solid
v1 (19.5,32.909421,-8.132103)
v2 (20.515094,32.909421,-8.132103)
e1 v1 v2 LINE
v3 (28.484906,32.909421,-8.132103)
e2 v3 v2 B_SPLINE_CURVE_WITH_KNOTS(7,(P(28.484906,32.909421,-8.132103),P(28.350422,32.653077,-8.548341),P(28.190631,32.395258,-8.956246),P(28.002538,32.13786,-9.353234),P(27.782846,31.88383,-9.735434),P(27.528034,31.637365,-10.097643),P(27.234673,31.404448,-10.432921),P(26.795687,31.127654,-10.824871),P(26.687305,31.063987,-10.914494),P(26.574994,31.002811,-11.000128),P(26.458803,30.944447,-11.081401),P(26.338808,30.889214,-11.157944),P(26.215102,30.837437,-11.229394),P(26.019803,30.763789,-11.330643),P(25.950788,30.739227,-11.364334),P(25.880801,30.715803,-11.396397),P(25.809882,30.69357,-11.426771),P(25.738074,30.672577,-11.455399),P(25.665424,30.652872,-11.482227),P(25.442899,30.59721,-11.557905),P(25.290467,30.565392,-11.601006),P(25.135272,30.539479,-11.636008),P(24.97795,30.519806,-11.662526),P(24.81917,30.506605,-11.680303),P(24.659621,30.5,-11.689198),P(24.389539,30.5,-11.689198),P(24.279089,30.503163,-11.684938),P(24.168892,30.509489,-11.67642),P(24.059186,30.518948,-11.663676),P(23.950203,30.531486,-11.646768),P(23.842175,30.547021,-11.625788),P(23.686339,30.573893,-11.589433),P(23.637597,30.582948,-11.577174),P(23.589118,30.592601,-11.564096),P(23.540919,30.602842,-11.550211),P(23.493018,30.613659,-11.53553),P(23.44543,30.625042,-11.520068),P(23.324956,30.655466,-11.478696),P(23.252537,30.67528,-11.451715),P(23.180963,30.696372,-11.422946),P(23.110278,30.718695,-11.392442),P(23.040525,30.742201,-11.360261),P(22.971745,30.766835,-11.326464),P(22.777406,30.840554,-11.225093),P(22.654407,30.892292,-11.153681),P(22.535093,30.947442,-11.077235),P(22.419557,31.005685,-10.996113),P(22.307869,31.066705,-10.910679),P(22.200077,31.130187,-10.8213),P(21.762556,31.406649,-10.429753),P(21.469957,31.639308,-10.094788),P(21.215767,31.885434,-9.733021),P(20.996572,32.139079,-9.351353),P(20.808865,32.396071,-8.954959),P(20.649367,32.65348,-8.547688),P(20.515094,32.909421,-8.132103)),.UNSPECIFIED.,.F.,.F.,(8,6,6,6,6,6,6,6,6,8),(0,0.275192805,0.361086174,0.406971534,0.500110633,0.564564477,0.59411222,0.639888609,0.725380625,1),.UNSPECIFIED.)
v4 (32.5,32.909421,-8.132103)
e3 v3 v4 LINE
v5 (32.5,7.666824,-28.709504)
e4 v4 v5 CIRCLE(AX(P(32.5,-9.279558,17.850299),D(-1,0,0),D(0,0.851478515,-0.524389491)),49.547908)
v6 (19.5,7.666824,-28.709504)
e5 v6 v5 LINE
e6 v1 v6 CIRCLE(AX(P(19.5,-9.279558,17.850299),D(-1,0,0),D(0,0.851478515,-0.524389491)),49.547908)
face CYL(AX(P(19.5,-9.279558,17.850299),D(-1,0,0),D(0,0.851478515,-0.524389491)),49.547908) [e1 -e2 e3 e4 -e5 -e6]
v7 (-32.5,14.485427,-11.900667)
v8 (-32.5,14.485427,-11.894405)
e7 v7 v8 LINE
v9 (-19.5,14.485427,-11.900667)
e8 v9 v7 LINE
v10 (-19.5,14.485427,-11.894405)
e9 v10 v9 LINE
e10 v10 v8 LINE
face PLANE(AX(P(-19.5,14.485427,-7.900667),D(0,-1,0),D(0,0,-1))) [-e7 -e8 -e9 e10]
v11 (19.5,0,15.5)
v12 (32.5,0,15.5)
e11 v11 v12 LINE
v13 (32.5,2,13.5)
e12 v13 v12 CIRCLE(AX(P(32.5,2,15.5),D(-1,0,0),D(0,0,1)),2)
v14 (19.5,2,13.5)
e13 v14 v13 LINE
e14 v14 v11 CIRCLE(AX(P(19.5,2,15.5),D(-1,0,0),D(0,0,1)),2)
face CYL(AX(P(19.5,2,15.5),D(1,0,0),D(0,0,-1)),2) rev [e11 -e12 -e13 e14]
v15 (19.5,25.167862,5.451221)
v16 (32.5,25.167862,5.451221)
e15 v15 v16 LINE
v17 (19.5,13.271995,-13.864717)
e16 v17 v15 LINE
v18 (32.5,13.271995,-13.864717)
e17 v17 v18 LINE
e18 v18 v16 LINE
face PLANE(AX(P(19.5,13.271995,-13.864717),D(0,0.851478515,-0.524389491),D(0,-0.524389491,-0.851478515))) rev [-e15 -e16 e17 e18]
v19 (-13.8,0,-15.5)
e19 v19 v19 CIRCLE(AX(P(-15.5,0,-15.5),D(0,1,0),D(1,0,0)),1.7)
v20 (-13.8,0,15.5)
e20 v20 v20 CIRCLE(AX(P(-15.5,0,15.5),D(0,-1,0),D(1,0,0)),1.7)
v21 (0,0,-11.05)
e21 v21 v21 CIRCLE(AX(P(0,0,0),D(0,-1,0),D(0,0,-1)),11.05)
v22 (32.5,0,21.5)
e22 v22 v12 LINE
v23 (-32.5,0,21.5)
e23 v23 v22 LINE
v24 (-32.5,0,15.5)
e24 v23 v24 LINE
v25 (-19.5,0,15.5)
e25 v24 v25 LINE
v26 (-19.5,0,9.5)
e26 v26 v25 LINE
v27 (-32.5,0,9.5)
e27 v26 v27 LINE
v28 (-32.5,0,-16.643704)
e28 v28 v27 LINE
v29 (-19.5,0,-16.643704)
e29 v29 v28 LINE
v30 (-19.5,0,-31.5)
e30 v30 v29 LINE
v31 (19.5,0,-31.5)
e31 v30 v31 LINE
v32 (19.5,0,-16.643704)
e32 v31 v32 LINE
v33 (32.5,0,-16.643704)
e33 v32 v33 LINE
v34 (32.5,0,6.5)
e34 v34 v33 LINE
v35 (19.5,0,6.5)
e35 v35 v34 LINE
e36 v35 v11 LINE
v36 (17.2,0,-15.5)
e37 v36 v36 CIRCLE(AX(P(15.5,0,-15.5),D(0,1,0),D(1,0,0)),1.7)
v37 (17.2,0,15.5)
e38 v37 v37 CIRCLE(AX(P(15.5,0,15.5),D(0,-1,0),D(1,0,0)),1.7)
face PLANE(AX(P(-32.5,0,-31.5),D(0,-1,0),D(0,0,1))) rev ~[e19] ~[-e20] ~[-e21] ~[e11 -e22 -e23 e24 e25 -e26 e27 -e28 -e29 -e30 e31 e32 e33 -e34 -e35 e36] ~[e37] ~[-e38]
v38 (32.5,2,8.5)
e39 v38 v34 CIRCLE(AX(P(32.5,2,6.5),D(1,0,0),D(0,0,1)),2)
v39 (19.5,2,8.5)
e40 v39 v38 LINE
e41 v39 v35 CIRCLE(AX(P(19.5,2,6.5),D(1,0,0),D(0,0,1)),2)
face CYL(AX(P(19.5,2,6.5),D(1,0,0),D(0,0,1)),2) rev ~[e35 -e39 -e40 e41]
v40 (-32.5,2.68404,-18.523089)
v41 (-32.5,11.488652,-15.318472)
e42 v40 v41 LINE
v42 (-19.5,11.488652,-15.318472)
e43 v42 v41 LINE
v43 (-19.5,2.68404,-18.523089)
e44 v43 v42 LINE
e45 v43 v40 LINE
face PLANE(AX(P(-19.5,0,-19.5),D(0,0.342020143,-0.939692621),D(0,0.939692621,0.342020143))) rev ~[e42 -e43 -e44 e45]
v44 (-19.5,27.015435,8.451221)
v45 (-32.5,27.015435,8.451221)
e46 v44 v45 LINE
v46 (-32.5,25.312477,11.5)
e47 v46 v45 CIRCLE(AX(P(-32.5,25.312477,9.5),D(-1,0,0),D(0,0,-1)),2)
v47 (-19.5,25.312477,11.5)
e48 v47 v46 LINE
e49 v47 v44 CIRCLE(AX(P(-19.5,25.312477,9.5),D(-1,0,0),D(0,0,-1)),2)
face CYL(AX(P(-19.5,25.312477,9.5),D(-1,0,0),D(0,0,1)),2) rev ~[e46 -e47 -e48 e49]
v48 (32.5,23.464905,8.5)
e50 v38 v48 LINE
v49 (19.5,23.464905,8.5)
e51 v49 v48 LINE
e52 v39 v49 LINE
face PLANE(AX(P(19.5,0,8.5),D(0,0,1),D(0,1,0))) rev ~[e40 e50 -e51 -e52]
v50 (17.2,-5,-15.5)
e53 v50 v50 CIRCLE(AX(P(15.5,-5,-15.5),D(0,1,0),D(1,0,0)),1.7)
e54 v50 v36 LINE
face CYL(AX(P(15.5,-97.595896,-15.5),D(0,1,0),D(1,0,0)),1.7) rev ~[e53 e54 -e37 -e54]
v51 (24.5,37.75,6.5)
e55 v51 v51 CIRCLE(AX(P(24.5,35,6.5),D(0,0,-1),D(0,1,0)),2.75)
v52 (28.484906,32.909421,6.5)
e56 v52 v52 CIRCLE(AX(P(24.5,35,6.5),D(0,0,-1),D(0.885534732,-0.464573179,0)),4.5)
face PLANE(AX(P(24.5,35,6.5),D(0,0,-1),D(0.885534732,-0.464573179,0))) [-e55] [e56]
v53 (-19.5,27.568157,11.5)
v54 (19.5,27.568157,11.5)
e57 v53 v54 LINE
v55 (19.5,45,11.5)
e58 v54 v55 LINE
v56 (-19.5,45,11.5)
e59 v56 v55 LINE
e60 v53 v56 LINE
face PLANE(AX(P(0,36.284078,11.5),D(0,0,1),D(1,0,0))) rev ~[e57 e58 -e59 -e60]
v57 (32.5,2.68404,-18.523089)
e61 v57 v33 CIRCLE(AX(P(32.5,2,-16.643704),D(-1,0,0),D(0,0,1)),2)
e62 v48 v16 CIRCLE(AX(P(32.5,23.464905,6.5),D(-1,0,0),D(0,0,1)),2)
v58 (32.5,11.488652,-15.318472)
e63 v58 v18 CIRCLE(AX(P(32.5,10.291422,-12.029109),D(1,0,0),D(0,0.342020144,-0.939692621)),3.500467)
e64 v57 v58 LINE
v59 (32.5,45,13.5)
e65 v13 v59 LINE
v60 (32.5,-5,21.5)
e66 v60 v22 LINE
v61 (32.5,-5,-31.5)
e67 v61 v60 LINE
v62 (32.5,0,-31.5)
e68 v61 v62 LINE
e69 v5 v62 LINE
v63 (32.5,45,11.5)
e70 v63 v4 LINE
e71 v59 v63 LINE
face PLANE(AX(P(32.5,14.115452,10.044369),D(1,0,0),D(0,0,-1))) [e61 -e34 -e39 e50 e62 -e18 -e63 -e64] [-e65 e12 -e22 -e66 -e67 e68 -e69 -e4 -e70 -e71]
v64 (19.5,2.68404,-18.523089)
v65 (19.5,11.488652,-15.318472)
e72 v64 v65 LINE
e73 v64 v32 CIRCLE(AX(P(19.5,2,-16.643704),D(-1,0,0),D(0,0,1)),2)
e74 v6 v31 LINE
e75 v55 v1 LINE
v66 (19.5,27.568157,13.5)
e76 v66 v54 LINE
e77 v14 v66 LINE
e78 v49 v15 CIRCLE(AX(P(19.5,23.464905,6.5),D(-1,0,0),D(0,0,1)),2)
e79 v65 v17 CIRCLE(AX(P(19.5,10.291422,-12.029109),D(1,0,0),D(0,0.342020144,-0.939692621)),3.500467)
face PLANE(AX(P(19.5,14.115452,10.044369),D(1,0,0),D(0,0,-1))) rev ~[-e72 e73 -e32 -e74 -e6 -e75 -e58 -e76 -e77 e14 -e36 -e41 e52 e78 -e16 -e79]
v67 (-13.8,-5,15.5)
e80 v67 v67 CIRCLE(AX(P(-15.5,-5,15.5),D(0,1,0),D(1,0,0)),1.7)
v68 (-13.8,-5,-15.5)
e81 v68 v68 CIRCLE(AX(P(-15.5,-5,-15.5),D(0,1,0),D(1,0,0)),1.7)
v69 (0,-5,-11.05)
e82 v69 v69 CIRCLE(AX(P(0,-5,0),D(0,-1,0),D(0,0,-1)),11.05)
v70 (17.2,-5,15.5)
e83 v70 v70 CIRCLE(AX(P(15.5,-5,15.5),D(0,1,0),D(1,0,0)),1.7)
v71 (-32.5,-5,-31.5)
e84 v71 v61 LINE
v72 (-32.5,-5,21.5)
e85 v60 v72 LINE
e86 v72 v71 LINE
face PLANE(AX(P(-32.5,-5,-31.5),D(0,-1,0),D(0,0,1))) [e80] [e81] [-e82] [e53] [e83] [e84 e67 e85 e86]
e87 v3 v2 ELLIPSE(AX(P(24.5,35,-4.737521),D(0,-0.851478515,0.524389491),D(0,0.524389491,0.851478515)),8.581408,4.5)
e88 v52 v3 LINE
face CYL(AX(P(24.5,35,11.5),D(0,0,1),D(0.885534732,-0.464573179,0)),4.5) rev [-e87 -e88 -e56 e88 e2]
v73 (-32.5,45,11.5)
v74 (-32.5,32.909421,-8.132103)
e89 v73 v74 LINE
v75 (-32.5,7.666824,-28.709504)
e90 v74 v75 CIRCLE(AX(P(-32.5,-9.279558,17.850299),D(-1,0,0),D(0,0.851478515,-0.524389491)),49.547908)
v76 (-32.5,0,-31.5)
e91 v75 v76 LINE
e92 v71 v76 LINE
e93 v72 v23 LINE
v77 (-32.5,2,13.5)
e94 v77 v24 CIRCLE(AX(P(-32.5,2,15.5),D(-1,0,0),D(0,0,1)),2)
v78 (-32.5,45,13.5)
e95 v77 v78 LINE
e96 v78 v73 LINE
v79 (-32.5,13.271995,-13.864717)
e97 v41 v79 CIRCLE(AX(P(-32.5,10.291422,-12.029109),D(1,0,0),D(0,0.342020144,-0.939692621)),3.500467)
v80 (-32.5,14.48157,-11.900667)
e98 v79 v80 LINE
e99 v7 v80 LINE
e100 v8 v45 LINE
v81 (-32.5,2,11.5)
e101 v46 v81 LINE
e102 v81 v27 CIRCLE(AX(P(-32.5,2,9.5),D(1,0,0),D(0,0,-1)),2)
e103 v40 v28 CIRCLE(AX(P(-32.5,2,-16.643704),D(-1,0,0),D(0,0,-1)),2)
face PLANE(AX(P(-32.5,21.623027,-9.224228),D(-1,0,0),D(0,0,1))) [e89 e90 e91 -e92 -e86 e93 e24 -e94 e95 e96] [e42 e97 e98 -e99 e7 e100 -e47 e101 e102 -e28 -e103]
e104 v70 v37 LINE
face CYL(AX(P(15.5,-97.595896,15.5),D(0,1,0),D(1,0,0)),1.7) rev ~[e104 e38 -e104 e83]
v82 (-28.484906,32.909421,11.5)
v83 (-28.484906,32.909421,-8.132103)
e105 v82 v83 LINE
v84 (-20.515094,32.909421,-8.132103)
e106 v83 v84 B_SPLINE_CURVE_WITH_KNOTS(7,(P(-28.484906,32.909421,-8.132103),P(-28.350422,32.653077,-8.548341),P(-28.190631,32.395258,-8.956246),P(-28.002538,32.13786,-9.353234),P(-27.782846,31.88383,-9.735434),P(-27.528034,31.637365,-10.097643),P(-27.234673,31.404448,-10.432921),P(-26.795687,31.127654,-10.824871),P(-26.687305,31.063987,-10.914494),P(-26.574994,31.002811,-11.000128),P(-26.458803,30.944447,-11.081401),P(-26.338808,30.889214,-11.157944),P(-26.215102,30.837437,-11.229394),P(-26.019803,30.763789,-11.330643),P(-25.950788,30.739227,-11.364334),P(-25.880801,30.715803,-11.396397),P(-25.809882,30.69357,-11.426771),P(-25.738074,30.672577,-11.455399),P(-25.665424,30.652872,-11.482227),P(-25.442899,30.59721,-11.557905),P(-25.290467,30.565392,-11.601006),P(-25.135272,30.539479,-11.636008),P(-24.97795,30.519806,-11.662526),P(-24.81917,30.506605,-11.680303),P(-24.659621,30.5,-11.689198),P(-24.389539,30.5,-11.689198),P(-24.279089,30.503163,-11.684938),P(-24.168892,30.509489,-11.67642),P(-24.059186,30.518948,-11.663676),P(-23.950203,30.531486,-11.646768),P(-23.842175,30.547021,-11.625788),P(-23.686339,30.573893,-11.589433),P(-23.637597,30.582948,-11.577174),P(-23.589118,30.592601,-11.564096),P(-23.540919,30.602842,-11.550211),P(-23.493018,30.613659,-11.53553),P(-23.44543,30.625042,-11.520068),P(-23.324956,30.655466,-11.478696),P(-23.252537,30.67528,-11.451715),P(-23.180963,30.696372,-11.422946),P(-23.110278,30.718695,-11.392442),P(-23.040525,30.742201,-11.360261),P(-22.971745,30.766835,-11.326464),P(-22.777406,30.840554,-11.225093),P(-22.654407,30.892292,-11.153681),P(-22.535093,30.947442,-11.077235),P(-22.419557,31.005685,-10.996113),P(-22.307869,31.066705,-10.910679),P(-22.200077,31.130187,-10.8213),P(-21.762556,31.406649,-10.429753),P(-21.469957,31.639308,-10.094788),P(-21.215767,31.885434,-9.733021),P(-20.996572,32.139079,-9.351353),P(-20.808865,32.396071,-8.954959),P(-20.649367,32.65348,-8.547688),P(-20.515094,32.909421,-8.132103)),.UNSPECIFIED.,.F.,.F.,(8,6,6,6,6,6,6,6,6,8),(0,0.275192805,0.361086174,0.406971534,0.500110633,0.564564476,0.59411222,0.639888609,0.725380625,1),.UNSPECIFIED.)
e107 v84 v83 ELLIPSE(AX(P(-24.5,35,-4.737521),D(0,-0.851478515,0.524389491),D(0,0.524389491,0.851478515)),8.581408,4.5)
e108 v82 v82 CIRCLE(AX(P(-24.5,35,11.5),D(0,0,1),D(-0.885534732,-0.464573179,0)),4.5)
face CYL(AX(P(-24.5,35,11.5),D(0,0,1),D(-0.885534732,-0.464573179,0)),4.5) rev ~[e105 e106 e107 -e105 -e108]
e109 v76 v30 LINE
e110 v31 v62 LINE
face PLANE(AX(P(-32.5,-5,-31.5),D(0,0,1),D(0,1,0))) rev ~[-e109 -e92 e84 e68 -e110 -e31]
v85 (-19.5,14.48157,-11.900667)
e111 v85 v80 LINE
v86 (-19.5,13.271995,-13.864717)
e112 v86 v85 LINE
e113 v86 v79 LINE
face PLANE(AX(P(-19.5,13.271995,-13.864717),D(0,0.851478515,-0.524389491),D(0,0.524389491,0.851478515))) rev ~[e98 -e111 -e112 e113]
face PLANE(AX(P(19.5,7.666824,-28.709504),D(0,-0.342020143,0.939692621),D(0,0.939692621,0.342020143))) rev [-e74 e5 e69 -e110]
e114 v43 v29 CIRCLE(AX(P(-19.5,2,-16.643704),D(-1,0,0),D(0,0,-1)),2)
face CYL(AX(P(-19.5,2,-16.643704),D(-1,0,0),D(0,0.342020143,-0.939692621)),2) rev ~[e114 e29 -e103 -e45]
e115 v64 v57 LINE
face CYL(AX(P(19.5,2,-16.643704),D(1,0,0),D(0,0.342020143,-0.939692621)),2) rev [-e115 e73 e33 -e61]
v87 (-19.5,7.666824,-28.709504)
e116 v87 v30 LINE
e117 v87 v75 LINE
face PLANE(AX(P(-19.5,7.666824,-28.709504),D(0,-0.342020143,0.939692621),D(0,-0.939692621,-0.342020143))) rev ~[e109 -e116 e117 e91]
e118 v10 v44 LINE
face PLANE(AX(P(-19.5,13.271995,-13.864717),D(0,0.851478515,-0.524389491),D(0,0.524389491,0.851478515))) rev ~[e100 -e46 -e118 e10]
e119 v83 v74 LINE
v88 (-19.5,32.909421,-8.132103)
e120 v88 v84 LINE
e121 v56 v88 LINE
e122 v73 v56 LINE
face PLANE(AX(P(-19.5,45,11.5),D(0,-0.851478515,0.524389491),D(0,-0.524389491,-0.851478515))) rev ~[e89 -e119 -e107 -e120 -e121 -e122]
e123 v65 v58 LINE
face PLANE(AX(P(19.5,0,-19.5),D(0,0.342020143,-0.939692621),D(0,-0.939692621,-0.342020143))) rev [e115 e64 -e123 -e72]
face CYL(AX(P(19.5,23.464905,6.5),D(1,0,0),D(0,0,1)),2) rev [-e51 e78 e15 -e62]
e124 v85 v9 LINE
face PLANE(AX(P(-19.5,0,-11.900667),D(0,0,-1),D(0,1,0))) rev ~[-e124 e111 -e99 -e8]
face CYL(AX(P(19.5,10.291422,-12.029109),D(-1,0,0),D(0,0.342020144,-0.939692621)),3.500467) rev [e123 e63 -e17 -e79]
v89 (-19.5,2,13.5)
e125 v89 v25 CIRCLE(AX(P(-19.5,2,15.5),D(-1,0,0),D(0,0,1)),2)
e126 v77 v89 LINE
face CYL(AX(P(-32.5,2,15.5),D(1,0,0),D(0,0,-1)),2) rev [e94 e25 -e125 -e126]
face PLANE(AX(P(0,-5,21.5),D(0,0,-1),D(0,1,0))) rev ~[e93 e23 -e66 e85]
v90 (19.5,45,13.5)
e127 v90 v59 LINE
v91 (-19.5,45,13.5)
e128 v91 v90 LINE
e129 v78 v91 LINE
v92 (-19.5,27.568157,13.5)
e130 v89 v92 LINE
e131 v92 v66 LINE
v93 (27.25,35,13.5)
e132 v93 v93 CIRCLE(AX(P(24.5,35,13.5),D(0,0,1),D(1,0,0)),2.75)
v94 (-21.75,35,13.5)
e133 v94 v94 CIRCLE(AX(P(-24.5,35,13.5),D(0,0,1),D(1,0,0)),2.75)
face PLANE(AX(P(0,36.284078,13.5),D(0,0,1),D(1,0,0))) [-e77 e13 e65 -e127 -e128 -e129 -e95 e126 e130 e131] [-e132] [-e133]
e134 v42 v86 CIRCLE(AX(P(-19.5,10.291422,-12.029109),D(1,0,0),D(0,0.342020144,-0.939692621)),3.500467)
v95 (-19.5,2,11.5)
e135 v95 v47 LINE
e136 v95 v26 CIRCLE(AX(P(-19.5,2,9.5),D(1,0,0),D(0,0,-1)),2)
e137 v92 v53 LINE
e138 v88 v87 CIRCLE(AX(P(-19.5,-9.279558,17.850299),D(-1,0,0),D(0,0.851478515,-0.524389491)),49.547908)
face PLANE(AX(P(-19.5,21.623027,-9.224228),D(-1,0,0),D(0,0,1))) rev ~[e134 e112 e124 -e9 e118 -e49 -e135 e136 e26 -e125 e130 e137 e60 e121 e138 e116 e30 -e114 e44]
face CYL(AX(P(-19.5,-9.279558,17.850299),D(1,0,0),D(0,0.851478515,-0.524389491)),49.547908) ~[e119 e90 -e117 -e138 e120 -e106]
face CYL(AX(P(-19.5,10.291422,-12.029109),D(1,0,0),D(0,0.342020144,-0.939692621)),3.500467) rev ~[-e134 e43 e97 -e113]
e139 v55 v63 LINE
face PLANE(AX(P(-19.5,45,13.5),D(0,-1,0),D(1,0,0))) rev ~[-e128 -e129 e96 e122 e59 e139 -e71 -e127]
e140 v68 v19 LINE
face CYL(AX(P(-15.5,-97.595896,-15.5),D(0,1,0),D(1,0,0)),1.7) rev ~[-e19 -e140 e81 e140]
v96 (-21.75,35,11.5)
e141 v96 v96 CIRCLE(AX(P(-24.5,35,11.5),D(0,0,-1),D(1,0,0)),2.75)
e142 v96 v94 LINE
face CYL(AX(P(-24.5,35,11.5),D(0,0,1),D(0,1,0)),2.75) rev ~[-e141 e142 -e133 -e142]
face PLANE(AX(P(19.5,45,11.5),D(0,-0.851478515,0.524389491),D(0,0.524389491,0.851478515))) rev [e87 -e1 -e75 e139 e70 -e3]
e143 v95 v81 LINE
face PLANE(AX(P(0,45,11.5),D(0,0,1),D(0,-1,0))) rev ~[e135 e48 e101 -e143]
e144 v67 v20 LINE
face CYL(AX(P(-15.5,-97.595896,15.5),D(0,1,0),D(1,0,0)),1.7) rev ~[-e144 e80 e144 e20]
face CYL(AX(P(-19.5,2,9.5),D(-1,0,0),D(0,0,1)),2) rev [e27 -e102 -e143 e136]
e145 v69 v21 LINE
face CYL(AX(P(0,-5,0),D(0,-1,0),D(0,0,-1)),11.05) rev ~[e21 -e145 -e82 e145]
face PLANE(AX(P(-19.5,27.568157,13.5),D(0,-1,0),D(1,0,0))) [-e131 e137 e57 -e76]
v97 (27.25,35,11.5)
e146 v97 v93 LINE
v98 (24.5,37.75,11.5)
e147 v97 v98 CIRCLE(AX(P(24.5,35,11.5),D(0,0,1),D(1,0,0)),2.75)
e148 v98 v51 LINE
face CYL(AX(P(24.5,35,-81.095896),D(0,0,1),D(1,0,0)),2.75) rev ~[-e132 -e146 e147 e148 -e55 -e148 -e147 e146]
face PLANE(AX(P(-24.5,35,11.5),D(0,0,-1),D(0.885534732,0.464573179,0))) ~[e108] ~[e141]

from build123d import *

# Parameters (mm, degrees)
BOSS_EXTRUDE1_DEPTH  = 32.5
SKETCH2_R            = 11.05
CUT_EXTRUDE1_DEPTH   = 43
SKETCH3_W            = 23
SKETCH3_H            = 90
CUT_EXTRUDE2_DEPTH   = 65.577472852
M5_CLEARANCE_HOLE1_D = 5.5
M3_CLEARANCE_HOLE1_D = 3.4
SKETCH9_W            = 8
SKETCH9_H            = 45
CUT_EXTRUDE3_DEPTH   = 4
SKETCH13_W           = 10
SKETCH13_H           = 5
BOSS_EXTRUDE4_DEPTH  = 65
BOSS_EXTRUDE5_START  = -13
BOSS_EXTRUDE5_DEPTH  = 13
SKETCH10_R           = 4.5
CUT_EXTRUDE4_DEPTH   = 71.215738976
BOSS_EXTRUDE6_START  = -13
BOSS_EXTRUDE6_DEPTH  = 13
FILLET1_R            = 2
SKETCH16_R           = 4.5
SKETCH16_R_2         = 2.75
BOSS_EXTRUDE7_DEPTH  = 5
SKETCH18_W           = 39
SKETCH18_H           = 17.431843069
BOSS_EXTRUDE8_DEPTH  = 2
SKETCH11_W           = 4
SKETCH11_H           = 14.485426666
CUT_EXTRUDE5_DEPTH   = 76.638945064


with BuildPart() as part:
    # Sketch1 → Boss-Extrude1 (new, symmetric)
    with BuildSketch(Plane(origin=(0, 0, 0), x_dir=(0, 0, -1), z_dir=(1, 0, 0))):
        Polygon((-11.5, 45), (-11.5, 0), (21.5, 0), (21.5, -5), (-21.5, -5), (-21.5, 0), (-13.5, 0), (-13.5, 45), align=None)
    extrude(amount=BOSS_EXTRUDE1_DEPTH, both=True)

    # Sketch2 → Cut-Extrude1 (cut)
    with BuildSketch(Plane.XZ.offset(5)):
        with Locations(Location((0, 0, 0), (0, 0, 270))):
            Circle(SKETCH2_R)
    extrude(amount=-CUT_EXTRUDE1_DEPTH, mode=Mode.SUBTRACT)

    # Sketch3 → Cut-Extrude2 (cut, through all)
    with BuildSketch(Plane(origin=(0, 0, 11.5), x_dir=(-1, 0, 0), z_dir=(0, 0, -1))):
        with Locations((0, 45)):
            Rectangle(SKETCH3_W, SKETCH3_H)
    extrude(amount=-CUT_EXTRUDE2_DEPTH, mode=Mode.SUBTRACT)

    # M5 Clearance Hole1 (through all)
    with Locations(Plane(origin=(0, 0, 11.5), x_dir=(-1, 0, 0), z_dir=(0, 0, -1))):
        with Locations((-24.5, 35), (24.5, 35)):
            Hole(M5_CLEARANCE_HOLE1_D / 2)

    # M3 Clearance Hole1 (through all)
    with Locations(Plane(origin=(0, -5, 0), x_dir=(-1, 0, 0), z_dir=(0, -1, 0))):
        with Locations((-15.5, 15.5), (15.5, 15.5), (15.5, -15.5), (-15.5, -15.5)):
            Hole(M3_CLEARANCE_HOLE1_D / 2)

    # Sketch9 → Cut-Extrude3 (cut)
    with BuildSketch(Plane(origin=(0, 0, 11.5), x_dir=(-1, 0, 0), z_dir=(0, 0, -1))):
        with Locations((-15.5, 22.5)):
            Rectangle(SKETCH9_W, SKETCH9_H)
    cut_extrude3 = extrude(amount=-CUT_EXTRUDE3_DEPTH, mode=Mode.SUBTRACT)

    # Mirror1: Cut-Extrude3 across plane
    add(cut_extrude3.mirror(Plane(origin=(0, 0, 0), x_dir=(0, 0, 1), z_dir=(1, 0, 0))), mode=Mode.SUBTRACT)

    # Sketch13 → Boss-Extrude4 (add)
    with BuildSketch(Plane.ZY.offset(32.5)):
        with Locations((-26.5, -2.5)):
            Rectangle(SKETCH13_W, SKETCH13_H)
    extrude(amount=-BOSS_EXTRUDE4_DEPTH)

    # Sketch14 → Boss-Extrude5 (add)
    with BuildSketch(Plane.ZY.offset(32.5).offset(BOSS_EXTRUDE5_START)):
        with BuildLine():
            Line((-19.5, 0), (-15.318472481, 11.488652437))
            ThreePointArc((-15.318472481, 11.488652437), (-14.742301187, 12.503177188), (-13.864717431, 13.271994839))
            Line((-13.864717431, 13.271994839), (11.5, 28.893048142))
            Line((11.5, 28.893048142), (11.5, 45))
            Line((11.5, 45), (-8.132103018, 32.909420693))
            ThreePointArc((-8.132103018, 32.909420693), (-20.553998297, 22.027072107), (-28.709504164, 7.666824297))
            Line((-28.709504164, 7.666824297), (-31.5, 0))
            Line((-31.5, 0), (-19.5, 0))
        make_face()
    boss_extrude5 = extrude(amount=BOSS_EXTRUDE5_DEPTH)

    # Mirror4: Boss-Extrude5 across plane
    add(boss_extrude5.mirror(Plane(origin=(0, 0, 0), x_dir=(0, 0, 1), z_dir=(1, 0, 0))))

    # Sketch10 → Cut-Extrude4 (cut, through all)
    with BuildSketch(Plane(origin=(0, 0, 11.5), x_dir=(-1, 0, 0), z_dir=(0, 0, -1))):
        with Locations(Location((-24.5, 35, 0), (0, 0, 207.682602444))):
            Circle(SKETCH10_R)
    cut_extrude4 = extrude(amount=CUT_EXTRUDE4_DEPTH, mode=Mode.SUBTRACT)

    # Mirror3: Cut-Extrude4 across plane
    add(cut_extrude4.mirror(Plane(origin=(0, 0, 0), x_dir=(0, 0, 1), z_dir=(1, 0, 0))), mode=Mode.SUBTRACT)

    # Sketch15 → Boss-Extrude6 (add)
    with BuildSketch(Plane(origin=(32.5, 0, 0), x_dir=(0, 0, -1), z_dir=(1, 0, 0)).offset(BOSS_EXTRUDE6_START)):
        Polygon((-11.5, 0), (-8.5, 0), (-8.5, 27.045475425), (-11.5, 28.893048142), align=None)
    extrude(amount=BOSS_EXTRUDE6_DEPTH)

    # Fillet1
    fillet1_edges = [part.edges().sort_by_distance(p)[0] for p in [
        (-26, 0, 11.5),
        (-26, 0, 13.5),
        (26, 0, 13.5),
        (-26, 0, -19.5),
        (-26, 28.893048142, 11.5),
        (26, 0, -19.5),
        (26, 27.045475425, 8.5),
        (26, 0, 8.5),
    ]]
    fillet(fillet1_edges, radius=FILLET1_R)

    # Sketch16 → Boss-Extrude7 (add)
    with BuildSketch(Plane(origin=(0, 0, 11.5), x_dir=(-1, 0, 0), z_dir=(0, 0, -1))):
        with Locations(Location((-24.5, 35, 0), (0, 0, 207.682602444))):
            Circle(SKETCH16_R)
        with Locations(Location((-24.5, 35, 0), (0, 0, 90))):
            Circle(SKETCH16_R_2, mode=Mode.SUBTRACT)
    boss_extrude7 = extrude(amount=BOSS_EXTRUDE7_DEPTH)

    # Mirror5: Boss-Extrude7 across plane
    add(boss_extrude7.mirror(Plane(origin=(0, 0, 0), x_dir=(0, 0, 1), z_dir=(1, 0, 0))))

    # Sketch18 → Boss-Extrude8 (add)
    with BuildSketch(Plane.XY.offset(13.5)):
        with Locations((0, 36.284078466)):
            Rectangle(SKETCH18_W, SKETCH18_H)
    extrude(amount=-BOSS_EXTRUDE8_DEPTH)

    # Mirror2: Cut-Extrude4 across plane
    add(cut_extrude4.mirror(Plane(origin=(0, 0, 0), x_dir=(0, 0, 1), z_dir=(1, 0, 0))), mode=Mode.SUBTRACT)

    # Sketch11 → Cut-Extrude5 (cut, through all)
    with BuildSketch(Plane(origin=(-19.5, 0, 0), x_dir=(0, 0, -1), z_dir=(1, 0, 0))):
        with Locations((9.900667288, 7.242713333)):
            Rectangle(SKETCH11_W, SKETCH11_H)
    extrude(amount=-CUT_EXTRUDE5_DEPTH, mode=Mode.SUBTRACT)


solid = part.part
